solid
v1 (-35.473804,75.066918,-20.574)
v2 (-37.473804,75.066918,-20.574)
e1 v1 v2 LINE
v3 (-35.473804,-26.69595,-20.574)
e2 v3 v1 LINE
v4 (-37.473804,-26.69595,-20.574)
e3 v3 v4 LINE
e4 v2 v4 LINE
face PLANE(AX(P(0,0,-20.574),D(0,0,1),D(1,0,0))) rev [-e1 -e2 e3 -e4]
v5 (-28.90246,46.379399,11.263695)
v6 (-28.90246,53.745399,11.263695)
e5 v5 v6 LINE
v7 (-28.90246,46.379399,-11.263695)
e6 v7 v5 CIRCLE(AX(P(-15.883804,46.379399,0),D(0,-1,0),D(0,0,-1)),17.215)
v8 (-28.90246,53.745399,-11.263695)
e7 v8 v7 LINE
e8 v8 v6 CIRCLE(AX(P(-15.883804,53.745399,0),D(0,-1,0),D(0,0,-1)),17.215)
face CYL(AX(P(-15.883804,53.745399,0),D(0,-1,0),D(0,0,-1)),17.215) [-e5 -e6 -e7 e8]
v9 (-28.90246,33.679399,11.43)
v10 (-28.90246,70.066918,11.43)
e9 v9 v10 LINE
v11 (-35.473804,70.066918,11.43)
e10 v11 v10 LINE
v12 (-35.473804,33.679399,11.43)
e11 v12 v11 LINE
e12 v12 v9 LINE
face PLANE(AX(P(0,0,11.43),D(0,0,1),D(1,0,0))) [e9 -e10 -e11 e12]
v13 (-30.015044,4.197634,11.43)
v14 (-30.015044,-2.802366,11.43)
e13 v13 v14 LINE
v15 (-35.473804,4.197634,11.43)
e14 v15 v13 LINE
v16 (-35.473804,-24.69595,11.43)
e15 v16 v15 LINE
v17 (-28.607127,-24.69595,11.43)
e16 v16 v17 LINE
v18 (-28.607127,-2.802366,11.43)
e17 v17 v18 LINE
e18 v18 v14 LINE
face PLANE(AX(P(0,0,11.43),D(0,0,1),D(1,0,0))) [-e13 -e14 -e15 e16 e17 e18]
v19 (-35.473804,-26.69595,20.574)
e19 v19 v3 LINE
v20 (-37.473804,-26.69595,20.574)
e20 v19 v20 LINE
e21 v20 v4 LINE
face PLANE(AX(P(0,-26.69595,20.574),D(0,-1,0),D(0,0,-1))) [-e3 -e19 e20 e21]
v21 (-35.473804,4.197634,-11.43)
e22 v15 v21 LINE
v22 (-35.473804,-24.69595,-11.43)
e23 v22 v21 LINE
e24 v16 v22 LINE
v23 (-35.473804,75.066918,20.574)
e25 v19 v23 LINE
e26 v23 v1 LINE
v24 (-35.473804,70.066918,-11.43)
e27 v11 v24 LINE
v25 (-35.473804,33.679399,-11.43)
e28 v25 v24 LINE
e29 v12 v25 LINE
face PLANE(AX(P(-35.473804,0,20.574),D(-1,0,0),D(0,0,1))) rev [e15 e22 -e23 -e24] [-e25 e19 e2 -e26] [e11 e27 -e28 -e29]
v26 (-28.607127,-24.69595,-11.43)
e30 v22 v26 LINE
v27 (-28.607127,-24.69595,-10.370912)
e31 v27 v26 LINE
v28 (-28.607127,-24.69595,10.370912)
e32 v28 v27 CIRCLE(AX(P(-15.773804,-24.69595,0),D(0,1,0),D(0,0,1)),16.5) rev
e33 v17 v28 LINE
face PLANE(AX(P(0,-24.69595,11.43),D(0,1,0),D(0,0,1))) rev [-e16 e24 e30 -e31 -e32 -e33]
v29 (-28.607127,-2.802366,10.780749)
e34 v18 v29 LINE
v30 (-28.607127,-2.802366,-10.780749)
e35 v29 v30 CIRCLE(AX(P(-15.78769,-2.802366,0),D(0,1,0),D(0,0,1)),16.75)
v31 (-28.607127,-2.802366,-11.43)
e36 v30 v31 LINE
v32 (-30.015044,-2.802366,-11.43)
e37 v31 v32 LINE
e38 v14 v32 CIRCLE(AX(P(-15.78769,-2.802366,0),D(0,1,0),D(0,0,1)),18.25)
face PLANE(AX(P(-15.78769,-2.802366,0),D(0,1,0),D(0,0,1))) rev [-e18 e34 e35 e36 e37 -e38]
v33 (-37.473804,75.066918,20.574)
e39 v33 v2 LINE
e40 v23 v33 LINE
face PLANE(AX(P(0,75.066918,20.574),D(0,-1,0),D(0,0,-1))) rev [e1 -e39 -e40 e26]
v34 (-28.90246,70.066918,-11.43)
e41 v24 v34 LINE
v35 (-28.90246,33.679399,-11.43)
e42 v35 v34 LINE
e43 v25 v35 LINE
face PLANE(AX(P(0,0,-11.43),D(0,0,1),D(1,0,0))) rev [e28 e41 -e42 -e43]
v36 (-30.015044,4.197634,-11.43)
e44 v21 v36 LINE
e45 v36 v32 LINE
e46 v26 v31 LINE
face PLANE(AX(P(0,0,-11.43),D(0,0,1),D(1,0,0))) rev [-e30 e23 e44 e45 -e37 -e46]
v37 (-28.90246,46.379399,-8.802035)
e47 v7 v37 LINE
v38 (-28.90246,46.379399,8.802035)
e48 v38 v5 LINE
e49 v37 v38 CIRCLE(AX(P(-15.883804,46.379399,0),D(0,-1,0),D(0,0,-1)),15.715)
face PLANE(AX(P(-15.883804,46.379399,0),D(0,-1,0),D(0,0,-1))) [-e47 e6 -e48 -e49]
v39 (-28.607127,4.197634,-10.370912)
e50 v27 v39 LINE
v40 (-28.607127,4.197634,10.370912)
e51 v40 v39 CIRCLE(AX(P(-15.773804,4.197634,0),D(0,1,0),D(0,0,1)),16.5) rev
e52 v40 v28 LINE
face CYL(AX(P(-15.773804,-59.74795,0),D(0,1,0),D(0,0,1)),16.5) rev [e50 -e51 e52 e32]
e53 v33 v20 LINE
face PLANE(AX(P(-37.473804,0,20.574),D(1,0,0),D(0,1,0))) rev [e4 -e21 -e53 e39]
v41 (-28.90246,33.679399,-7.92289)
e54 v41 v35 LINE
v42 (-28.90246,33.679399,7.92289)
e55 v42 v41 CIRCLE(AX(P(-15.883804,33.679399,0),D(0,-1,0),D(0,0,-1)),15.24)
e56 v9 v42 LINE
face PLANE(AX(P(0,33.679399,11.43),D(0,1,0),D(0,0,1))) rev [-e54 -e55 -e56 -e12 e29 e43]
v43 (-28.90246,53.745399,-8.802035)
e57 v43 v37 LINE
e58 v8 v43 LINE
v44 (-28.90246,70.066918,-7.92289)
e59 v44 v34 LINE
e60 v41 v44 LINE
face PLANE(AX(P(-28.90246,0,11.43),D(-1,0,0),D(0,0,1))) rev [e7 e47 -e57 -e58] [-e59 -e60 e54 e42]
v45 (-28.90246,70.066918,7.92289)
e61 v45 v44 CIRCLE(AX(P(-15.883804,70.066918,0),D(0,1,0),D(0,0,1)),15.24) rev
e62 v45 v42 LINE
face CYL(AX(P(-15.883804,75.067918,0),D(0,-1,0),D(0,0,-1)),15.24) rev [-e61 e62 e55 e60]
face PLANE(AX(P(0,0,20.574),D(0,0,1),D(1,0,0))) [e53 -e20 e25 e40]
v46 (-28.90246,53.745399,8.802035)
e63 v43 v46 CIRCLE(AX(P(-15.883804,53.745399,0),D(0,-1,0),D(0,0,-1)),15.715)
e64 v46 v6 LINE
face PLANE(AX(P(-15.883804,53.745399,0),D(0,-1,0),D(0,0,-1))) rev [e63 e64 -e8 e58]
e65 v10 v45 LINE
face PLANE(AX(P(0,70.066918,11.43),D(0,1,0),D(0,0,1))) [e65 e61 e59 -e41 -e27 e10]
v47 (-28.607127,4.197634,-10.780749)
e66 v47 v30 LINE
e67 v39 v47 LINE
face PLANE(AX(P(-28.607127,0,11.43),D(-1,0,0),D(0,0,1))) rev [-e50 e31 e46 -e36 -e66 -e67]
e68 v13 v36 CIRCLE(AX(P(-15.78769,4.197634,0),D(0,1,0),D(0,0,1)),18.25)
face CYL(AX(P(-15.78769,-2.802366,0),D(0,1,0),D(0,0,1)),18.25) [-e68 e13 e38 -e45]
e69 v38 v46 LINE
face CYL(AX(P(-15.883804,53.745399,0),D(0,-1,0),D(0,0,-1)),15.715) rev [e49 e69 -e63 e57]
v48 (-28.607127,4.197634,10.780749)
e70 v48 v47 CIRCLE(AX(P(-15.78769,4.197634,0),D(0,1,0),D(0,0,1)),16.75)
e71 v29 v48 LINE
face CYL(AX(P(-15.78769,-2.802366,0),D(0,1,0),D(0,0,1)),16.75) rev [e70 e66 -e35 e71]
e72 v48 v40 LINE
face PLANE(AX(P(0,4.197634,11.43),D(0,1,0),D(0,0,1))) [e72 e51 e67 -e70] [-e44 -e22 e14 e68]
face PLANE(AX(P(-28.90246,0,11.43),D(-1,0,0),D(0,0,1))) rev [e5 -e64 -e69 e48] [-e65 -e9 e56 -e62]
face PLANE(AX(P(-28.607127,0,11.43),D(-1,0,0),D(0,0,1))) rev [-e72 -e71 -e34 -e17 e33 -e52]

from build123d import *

# Parameters (mm, degrees)
SKETCH1_W                      = 6.866677178
SKETCH1_H                      = 28.893583938
BOSS_EXTRUDE1_DEPTH            = 11.43
SKETCH1_W_2                    = 6.571343666
SKETCH1_H_2                    = 36.38751909
BOSS_EXTRUDE1_2_DEPTH          = 11.43
BOSS_EXTRUDE2_DEPTH            = 20.574
CUT_EXTRUDE1_REACH             = 110.537
SKETCH2_R                      = 16.5
CUT_EXTRUDE1_DIRECTION_2_DEPTH = 35.052
CUT_EXTRUDE4_REACH             = 75.978
SKETCH3_R                      = 15.24
BOSS_EXTRUDE6_START            = -12.7
SKETCH15_R                     = 17.215000066
SKETCH15_R_2                   = 15.715000066
BOSS_EXTRUDE6_DEPTH            = 7.366
SKETCH16_R                     = 18.250000028
SKETCH16_R_2                   = 16.750000028
BOSS_EXTRUDE7_DEPTH            = 7


with BuildPart() as part:
    # Sketch1 → Boss-Extrude1 (new, symmetric)
    with BuildSketch(Plane.XY):
        with Locations((-32.040465484, -10.249157812)):
            Rectangle(SKETCH1_W, SKETCH1_H)
    extrude(amount=BOSS_EXTRUDE1_DEPTH, both=True)



with BuildPart() as body_2:
    # Sketch1 → Boss-Extrude1 2 (new, symmetric)
    with BuildSketch(Plane.XY):
        with Locations((-32.18813224, 51.873158257)):
            Rectangle(SKETCH1_W_2, SKETCH1_H_2)
    extrude(amount=BOSS_EXTRUDE1_2_DEPTH, both=True)


with BuildPart() as part_1:
    add(part.part)

    add(body_2.part)  # Boss-Extrude2 merges body 2
    # Sketch1<3> → Boss-Extrude2 (add, symmetric)
    with BuildSketch(Plane.XY):
        Polygon((-37.473804073, -26.695949781), (-35.473804073, -26.695949781), (-35.473804073, -24.695949781), (-35.473804073, 4.197634157), (-35.473804073, 33.679398712), (-35.473804073, 70.066917802), (-35.473804073, 75.066917802), (-37.473804073, 75.066917802), align=None)
    extrude(amount=BOSS_EXTRUDE2_DEPTH, both=True)

    # Sketch2 → Cut-Extrude1 (cut, up to next)
    with BuildSketch(Plane.XZ.offset(24.695949781), mode=Mode.PRIVATE) as cut_extrude1_sk1:
        with Locations((-15.773804073, 0)):
            Circle(SKETCH2_R)
    cut_extrude1_tool1 = extrude(cut_extrude1_sk1.sketch, amount=-CUT_EXTRUDE1_REACH, mode=Mode.PRIVATE) & part_1.part
    add(cut_extrude1_tool1.solids().sort_by_distance((-15.773804, -24.69595, 0))[0], mode=Mode.SUBTRACT)

    # Sketch2 → Cut-Extrude1 direction 2 (cut)
    with BuildSketch(Plane.XZ.offset(24.695949781)):
        with Locations((-15.773804073, 0)):
            Circle(SKETCH2_R)
    extrude(amount=CUT_EXTRUDE1_DIRECTION_2_DEPTH, mode=Mode.SUBTRACT)

    # Sketch3 → Cut-Extrude4 (cut, up to next)
    with BuildSketch(Plane.XZ.offset(-33.679398712), mode=Mode.PRIVATE) as cut_extrude4_sk1:
        with Locations((-15.883804073, 0)):
            Circle(SKETCH3_R)
    cut_extrude4_tool1 = extrude(cut_extrude4_sk1.sketch, amount=-CUT_EXTRUDE4_REACH, mode=Mode.PRIVATE) & part_1.part
    add(cut_extrude4_tool1.solids().sort_by_distance((-15.883804, 33.679399, 0))[0], mode=Mode.SUBTRACT)

    # Sketch15 → Boss-Extrude6 (add)
    with BuildSketch(Plane.XZ.offset(-33.679398712).offset(BOSS_EXTRUDE6_START)):
        with Locations((-15.883804073, 0)):
            Circle(SKETCH15_R)
        with Locations((-15.883804073, 0)):
            Circle(SKETCH15_R_2, mode=Mode.SUBTRACT)
    extrude(amount=-BOSS_EXTRUDE6_DEPTH)

    # Sketch16 → Boss-Extrude7 (add)
    with BuildSketch(Plane(origin=(0, 4.197634157, 0), x_dir=(1, 0, 0), z_dir=(0, 1, 0))):
        with Locations((-15.787690473, 0)):
            Circle(SKETCH16_R)
        with Locations((-15.787690473, 0)):
            Circle(SKETCH16_R_2, mode=Mode.SUBTRACT)
    extrude(amount=-BOSS_EXTRUDE7_DEPTH)


solid = part_1.part
